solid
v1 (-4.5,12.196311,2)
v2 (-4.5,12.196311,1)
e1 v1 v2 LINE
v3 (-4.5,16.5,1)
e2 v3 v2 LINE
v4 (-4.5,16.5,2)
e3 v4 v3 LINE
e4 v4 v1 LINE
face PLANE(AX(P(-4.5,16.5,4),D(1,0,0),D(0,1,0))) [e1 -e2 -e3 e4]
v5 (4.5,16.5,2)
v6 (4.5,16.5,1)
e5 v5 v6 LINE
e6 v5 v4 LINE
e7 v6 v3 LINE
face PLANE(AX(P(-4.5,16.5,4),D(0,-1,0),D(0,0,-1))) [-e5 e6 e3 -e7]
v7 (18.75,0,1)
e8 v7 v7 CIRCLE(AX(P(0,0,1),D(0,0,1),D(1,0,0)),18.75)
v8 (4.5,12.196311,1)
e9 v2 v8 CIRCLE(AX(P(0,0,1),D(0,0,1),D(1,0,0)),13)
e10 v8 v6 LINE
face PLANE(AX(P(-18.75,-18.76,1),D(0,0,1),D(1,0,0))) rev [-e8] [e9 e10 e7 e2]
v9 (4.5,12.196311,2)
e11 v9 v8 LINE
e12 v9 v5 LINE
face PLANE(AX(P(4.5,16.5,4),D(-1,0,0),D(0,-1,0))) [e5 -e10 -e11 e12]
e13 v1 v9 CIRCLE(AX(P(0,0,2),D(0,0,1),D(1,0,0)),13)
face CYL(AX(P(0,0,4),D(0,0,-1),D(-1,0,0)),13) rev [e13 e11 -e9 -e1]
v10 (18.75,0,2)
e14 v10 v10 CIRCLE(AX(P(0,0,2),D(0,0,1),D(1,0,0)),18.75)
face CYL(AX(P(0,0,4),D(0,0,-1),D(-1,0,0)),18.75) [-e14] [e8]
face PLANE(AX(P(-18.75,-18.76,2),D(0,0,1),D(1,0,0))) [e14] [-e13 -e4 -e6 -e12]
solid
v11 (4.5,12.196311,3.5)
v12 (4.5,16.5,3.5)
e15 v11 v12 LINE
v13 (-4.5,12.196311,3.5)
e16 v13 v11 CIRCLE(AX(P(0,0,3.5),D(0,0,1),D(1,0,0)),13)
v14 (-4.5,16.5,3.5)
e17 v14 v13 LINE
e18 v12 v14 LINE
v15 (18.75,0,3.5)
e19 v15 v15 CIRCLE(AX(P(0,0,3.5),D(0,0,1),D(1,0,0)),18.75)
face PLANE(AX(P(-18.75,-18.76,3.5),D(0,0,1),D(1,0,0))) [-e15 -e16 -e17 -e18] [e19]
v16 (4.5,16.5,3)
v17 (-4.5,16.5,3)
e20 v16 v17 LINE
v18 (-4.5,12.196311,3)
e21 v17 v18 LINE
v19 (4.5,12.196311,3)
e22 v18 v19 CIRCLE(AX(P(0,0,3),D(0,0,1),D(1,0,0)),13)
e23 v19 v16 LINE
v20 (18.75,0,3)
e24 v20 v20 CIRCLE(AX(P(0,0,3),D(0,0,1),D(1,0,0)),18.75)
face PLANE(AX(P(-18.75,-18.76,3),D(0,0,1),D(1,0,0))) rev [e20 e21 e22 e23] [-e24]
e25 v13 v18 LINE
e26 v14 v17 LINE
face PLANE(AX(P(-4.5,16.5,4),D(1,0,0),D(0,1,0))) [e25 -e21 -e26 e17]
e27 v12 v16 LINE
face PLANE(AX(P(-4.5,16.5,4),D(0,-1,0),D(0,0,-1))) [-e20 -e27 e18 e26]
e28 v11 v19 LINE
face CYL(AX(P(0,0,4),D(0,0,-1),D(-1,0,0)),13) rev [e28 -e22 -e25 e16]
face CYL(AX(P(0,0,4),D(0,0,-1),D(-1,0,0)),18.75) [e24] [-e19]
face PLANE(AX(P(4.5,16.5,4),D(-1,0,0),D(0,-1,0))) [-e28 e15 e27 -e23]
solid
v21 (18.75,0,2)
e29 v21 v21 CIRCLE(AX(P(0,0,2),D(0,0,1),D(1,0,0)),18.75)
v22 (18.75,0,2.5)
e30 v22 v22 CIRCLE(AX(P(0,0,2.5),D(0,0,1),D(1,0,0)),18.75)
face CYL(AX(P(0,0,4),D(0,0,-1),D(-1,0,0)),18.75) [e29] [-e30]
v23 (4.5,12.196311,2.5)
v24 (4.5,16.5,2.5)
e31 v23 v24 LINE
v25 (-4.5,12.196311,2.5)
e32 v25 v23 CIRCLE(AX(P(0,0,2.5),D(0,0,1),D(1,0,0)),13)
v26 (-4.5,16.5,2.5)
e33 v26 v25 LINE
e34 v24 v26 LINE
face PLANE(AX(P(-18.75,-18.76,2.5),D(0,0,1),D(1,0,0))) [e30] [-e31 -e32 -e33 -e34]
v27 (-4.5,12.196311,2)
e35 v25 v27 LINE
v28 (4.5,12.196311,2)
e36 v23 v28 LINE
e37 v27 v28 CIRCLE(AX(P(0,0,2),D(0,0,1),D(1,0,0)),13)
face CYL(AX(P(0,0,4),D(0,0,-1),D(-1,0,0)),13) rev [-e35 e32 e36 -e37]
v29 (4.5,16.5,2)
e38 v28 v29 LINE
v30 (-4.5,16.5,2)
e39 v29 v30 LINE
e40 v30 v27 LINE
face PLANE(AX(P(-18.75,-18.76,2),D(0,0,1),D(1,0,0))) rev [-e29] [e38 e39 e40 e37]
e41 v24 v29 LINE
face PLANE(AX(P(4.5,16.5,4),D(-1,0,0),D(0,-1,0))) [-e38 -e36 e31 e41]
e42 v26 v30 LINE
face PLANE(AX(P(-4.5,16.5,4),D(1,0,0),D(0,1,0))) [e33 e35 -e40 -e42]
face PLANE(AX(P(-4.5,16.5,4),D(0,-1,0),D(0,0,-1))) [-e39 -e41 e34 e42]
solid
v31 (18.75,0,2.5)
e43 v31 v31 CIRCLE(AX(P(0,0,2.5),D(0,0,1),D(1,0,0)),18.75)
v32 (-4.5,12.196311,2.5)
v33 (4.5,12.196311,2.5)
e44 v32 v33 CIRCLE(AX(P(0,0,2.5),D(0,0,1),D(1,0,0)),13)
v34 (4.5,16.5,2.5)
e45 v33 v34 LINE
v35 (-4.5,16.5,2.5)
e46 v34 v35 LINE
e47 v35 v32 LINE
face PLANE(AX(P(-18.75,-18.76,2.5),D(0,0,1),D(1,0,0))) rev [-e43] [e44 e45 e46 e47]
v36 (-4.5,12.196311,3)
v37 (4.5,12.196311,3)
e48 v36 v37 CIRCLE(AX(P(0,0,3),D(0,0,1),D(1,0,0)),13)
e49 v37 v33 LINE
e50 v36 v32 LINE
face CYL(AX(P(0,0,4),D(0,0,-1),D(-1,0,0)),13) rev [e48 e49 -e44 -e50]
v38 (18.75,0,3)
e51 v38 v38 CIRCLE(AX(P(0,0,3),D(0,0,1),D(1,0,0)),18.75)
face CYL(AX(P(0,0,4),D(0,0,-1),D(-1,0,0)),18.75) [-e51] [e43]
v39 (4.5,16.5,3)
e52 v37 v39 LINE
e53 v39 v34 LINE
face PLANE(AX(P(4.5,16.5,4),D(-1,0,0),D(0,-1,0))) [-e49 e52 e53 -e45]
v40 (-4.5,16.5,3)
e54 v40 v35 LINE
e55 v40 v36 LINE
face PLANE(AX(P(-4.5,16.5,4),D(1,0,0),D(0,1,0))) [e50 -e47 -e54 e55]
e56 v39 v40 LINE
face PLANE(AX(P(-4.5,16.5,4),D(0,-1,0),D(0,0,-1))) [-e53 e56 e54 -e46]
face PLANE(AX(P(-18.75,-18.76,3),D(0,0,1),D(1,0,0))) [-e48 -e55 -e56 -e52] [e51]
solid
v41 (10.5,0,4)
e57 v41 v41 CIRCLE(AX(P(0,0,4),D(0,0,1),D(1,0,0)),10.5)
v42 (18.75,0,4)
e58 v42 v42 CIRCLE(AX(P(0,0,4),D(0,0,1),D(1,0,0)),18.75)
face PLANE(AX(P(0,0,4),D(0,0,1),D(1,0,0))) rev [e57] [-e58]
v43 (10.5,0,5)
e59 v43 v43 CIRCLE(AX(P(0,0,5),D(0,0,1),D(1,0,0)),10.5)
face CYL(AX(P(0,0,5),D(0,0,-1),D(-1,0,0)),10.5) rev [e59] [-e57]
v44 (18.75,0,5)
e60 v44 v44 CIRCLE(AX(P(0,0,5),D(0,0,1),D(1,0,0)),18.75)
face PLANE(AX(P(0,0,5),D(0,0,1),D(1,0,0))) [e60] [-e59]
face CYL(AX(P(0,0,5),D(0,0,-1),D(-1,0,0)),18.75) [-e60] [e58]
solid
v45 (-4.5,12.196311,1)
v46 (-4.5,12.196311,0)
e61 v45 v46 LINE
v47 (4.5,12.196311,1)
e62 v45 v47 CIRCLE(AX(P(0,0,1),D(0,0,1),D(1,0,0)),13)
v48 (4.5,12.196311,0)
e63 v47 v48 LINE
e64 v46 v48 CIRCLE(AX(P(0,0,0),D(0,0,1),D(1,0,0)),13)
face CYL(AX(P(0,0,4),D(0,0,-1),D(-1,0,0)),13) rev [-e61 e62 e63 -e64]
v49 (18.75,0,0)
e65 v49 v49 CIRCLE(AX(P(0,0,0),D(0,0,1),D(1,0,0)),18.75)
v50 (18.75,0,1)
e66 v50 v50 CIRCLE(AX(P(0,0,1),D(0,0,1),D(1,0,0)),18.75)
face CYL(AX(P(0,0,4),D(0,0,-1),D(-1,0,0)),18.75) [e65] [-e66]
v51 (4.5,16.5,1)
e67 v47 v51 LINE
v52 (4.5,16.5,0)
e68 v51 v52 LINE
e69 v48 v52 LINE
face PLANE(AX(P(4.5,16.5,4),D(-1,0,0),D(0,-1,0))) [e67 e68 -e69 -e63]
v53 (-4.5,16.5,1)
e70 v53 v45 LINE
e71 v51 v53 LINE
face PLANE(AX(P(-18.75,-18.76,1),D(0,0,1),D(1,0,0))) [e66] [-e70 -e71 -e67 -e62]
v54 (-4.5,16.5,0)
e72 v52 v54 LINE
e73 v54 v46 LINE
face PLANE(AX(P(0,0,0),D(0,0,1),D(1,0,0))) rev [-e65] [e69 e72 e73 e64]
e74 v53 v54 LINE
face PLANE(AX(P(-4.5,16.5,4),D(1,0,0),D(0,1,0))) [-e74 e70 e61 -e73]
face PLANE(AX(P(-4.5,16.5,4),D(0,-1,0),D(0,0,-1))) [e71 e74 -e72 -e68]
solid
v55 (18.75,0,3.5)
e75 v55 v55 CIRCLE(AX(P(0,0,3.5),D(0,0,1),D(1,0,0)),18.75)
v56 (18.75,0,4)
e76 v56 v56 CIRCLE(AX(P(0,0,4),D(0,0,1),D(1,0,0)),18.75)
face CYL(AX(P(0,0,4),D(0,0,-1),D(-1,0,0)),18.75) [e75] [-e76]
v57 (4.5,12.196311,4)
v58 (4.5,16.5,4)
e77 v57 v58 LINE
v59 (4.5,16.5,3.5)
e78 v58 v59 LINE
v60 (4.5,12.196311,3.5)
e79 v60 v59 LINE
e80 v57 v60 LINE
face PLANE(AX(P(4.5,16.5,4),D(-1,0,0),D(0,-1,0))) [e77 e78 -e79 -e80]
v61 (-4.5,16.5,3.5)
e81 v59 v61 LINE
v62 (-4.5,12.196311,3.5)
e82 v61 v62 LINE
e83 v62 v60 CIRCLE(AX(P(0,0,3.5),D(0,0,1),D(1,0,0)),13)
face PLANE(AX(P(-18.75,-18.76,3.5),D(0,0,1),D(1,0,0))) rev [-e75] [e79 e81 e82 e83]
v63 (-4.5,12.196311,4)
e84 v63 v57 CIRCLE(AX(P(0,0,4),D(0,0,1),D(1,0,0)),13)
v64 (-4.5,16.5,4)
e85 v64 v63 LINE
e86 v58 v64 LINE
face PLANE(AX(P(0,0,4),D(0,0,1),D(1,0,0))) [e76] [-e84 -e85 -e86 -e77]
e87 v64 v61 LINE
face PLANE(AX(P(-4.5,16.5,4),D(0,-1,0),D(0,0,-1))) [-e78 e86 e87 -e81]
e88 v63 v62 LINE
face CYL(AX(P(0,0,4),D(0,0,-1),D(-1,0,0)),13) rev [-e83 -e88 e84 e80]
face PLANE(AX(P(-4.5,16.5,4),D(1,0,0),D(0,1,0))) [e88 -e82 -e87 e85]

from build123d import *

# Parameters (mm, degrees)
SKETCH_1_R                        = 18.75
EXTRUDE_1_DEPTH                   = 4
SPLIT_BODIES_1_SURFACE_3_1_BACK   = 54.184
SPLIT_BODIES_1_SURFACE_3_1_DEPTH  = 108.368
SPLIT_BODIES_1_SURFACE_3_2_BACK   = 54.184
SPLIT_BODIES_1_SURFACE_3_2_DEPTH  = 108.368
SPLIT_BODIES_1_SURFACE_4_3_BACK   = 54.184
SPLIT_BODIES_1_SURFACE_4_3_DEPTH  = 108.368
SPLIT_BODIES_1_SURFACE_4_4_BACK   = 54.184
SPLIT_BODIES_1_SURFACE_4_4_DEPTH  = 108.368
SPLIT_BODIES_1_SURFACE_5_5_BACK   = 54.184
SPLIT_BODIES_1_SURFACE_5_5_DEPTH  = 108.368
SPLIT_BODIES_1_SURFACE_5_6_BACK   = 54.184
SPLIT_BODIES_1_SURFACE_5_6_DEPTH  = 108.368
SPLIT_BODIES_1_SURFACE_6_7_BACK   = 54.184
SPLIT_BODIES_1_SURFACE_6_7_DEPTH  = 108.368
SPLIT_BODIES_1_SURFACE_6_8_BACK   = 54.184
SPLIT_BODIES_1_SURFACE_6_8_DEPTH  = 108.368
SPLIT_BODIES_1_SURFACE_7_9_BACK   = 54.184
SPLIT_BODIES_1_SURFACE_7_9_DEPTH  = 108.368
SPLIT_BODIES_1_SURFACE_7_10_BACK  = 54.184
SPLIT_BODIES_1_SURFACE_7_10_DEPTH = 108.368
SKETCH_3_R                        = 18.75
SKETCH_3_R_2                      = 10.5
EXTRUDE_2_DEPTH                   = 1


with BuildPart() as part:
    # Эскиз1 → Вытянуть1 (new body)
    with BuildSketch(Plane.XY):
        Circle(SKETCH_1_R)
        with BuildLine():
            Line((-4.5, 16.5), (4.5, 16.5))
            Line((4.5, 16.5), (4.5, 12.196310918))
            ThreePointArc((4.5, 12.196310918), (0, -13), (-4.5, 12.196310918))
            Line((-4.5, 12.196310918), (-4.5, 16.5))
        make_face(mode=Mode.SUBTRACT)
    extrude(amount=EXTRUDE_1_DEPTH)


with BuildPart() as body_2_3:
    # Split Bodies 1 3: the piece behind the surface
    add(part.part)
    # Split Bodies 1 surface 3: a surface, the sketch's curves swept straight by 108.368 mm
    with BuildLine(Plane(origin=(0, 0, 0), x_dir=(1, 0, 0), z_dir=(0, 1, 0)).offset(-SPLIT_BODIES_1_SURFACE_3_1_BACK), mode=Mode.PRIVATE) as split_bodies_1_surface_3_1_path:
        Line((-18.75, -1), (18.75, -1))
    split_bodies_1_surface_3_1 = Shell.extrude(split_bodies_1_surface_3_1_path.wire(), (0 * SPLIT_BODIES_1_SURFACE_3_1_DEPTH, 1 * SPLIT_BODIES_1_SURFACE_3_1_DEPTH, 0 * SPLIT_BODIES_1_SURFACE_3_1_DEPTH))
    split(bisect_by=split_bodies_1_surface_3_1, keep=Keep.BOTTOM)


with BuildPart() as part_1:
    add(part.part)

    # Split Bodies 1 3: split by a surface, the side it looks to stays
    # Split Bodies 1 surface 3: a surface, the sketch's curves swept straight by 108.368 mm
    with BuildLine(Plane(origin=(0, 0, 0), x_dir=(1, 0, 0), z_dir=(0, 1, 0)).offset(-SPLIT_BODIES_1_SURFACE_3_2_BACK), mode=Mode.PRIVATE) as split_bodies_1_surface_3_2_path:
        Line((-18.75, -1), (18.75, -1))
    split_bodies_1_surface_3_2 = Shell.extrude(split_bodies_1_surface_3_2_path.wire(), (0 * SPLIT_BODIES_1_SURFACE_3_2_DEPTH, 1 * SPLIT_BODIES_1_SURFACE_3_2_DEPTH, 0 * SPLIT_BODIES_1_SURFACE_3_2_DEPTH))
    split(bisect_by=split_bodies_1_surface_3_2, keep=Keep.TOP)


with BuildPart() as body_3:
    # Split Bodies 1 4 body 2 3: the piece behind the surface
    add(body_2_3.part)
    # Split Bodies 1 surface 4: a surface, the sketch's curves swept straight by 108.368 mm
    with BuildLine(Plane(origin=(0, 0, 0), x_dir=(1, 0, 0), z_dir=(0, 1, 0)).offset(-SPLIT_BODIES_1_SURFACE_4_3_BACK), mode=Mode.PRIVATE) as split_bodies_1_surface_4_3_path:
        Line((-18.75, -2), (18.75, -2))
    split_bodies_1_surface_4_3 = Shell.extrude(split_bodies_1_surface_4_3_path.wire(), (0 * SPLIT_BODIES_1_SURFACE_4_3_DEPTH, 1 * SPLIT_BODIES_1_SURFACE_4_3_DEPTH, 0 * SPLIT_BODIES_1_SURFACE_4_3_DEPTH))
    split(bisect_by=split_bodies_1_surface_4_3, keep=Keep.BOTTOM)


with BuildPart() as body_2_3_1:
    add(body_2_3.part)

    # Split Bodies 1 4 body 2 3: split by a surface, the side it looks to stays
    # Split Bodies 1 surface 4: a surface, the sketch's curves swept straight by 108.368 mm
    with BuildLine(Plane(origin=(0, 0, 0), x_dir=(1, 0, 0), z_dir=(0, 1, 0)).offset(-SPLIT_BODIES_1_SURFACE_4_4_BACK), mode=Mode.PRIVATE) as split_bodies_1_surface_4_4_path:
        Line((-18.75, -2), (18.75, -2))
    split_bodies_1_surface_4_4 = Shell.extrude(split_bodies_1_surface_4_4_path.wire(), (0 * SPLIT_BODIES_1_SURFACE_4_4_DEPTH, 1 * SPLIT_BODIES_1_SURFACE_4_4_DEPTH, 0 * SPLIT_BODIES_1_SURFACE_4_4_DEPTH))
    split(bisect_by=split_bodies_1_surface_4_4, keep=Keep.TOP)


with BuildPart() as body_4:
    # Split Bodies 1 5 body 3: the piece behind the surface
    add(body_3.part)
    # Split Bodies 1 surface 5: a surface, the sketch's curves swept straight by 108.368 mm
    with BuildLine(Plane(origin=(0, 0, 0), x_dir=(1, 0, 0), z_dir=(0, 1, 0)).offset(-SPLIT_BODIES_1_SURFACE_5_5_BACK), mode=Mode.PRIVATE) as split_bodies_1_surface_5_5_path:
        Line((-18.75, -2.5), (18.75, -2.5))
    split_bodies_1_surface_5_5 = Shell.extrude(split_bodies_1_surface_5_5_path.wire(), (0 * SPLIT_BODIES_1_SURFACE_5_5_DEPTH, 1 * SPLIT_BODIES_1_SURFACE_5_5_DEPTH, 0 * SPLIT_BODIES_1_SURFACE_5_5_DEPTH))
    split(bisect_by=split_bodies_1_surface_5_5, keep=Keep.BOTTOM)


with BuildPart() as body_3_1:
    add(body_3.part)

    # Split Bodies 1 5 body 3: split by a surface, the side it looks to stays
    # Split Bodies 1 surface 5: a surface, the sketch's curves swept straight by 108.368 mm
    with BuildLine(Plane(origin=(0, 0, 0), x_dir=(1, 0, 0), z_dir=(0, 1, 0)).offset(-SPLIT_BODIES_1_SURFACE_5_6_BACK), mode=Mode.PRIVATE) as split_bodies_1_surface_5_6_path:
        Line((-18.75, -2.5), (18.75, -2.5))
    split_bodies_1_surface_5_6 = Shell.extrude(split_bodies_1_surface_5_6_path.wire(), (0 * SPLIT_BODIES_1_SURFACE_5_6_DEPTH, 1 * SPLIT_BODIES_1_SURFACE_5_6_DEPTH, 0 * SPLIT_BODIES_1_SURFACE_5_6_DEPTH))
    split(bisect_by=split_bodies_1_surface_5_6, keep=Keep.TOP)


with BuildPart() as body_5:
    # Split Bodies 1 6 body 4: the piece behind the surface
    add(body_4.part)
    # Split Bodies 1 surface 6: a surface, the sketch's curves swept straight by 108.368 mm
    with BuildLine(Plane(origin=(0, 0, 0), x_dir=(1, 0, 0), z_dir=(0, 1, 0)).offset(-SPLIT_BODIES_1_SURFACE_6_7_BACK), mode=Mode.PRIVATE) as split_bodies_1_surface_6_7_path:
        Line((-18.75, -3), (18.75, -3))
    split_bodies_1_surface_6_7 = Shell.extrude(split_bodies_1_surface_6_7_path.wire(), (0 * SPLIT_BODIES_1_SURFACE_6_7_DEPTH, 1 * SPLIT_BODIES_1_SURFACE_6_7_DEPTH, 0 * SPLIT_BODIES_1_SURFACE_6_7_DEPTH))
    split(bisect_by=split_bodies_1_surface_6_7, keep=Keep.BOTTOM)


with BuildPart() as body_4_1:
    add(body_4.part)

    # Split Bodies 1 6 body 4: split by a surface, the side it looks to stays
    # Split Bodies 1 surface 6: a surface, the sketch's curves swept straight by 108.368 mm
    with BuildLine(Plane(origin=(0, 0, 0), x_dir=(1, 0, 0), z_dir=(0, 1, 0)).offset(-SPLIT_BODIES_1_SURFACE_6_8_BACK), mode=Mode.PRIVATE) as split_bodies_1_surface_6_8_path:
        Line((-18.75, -3), (18.75, -3))
    split_bodies_1_surface_6_8 = Shell.extrude(split_bodies_1_surface_6_8_path.wire(), (0 * SPLIT_BODIES_1_SURFACE_6_8_DEPTH, 1 * SPLIT_BODIES_1_SURFACE_6_8_DEPTH, 0 * SPLIT_BODIES_1_SURFACE_6_8_DEPTH))
    split(bisect_by=split_bodies_1_surface_6_8, keep=Keep.TOP)


with BuildPart() as body_6:
    # Split Bodies 1 7 body 5: the piece behind the surface
    add(body_5.part)
    # Split Bodies 1 surface 7: a surface, the sketch's curves swept straight by 108.368 mm
    with BuildLine(Plane(origin=(0, 0, 0), x_dir=(1, 0, 0), z_dir=(0, 1, 0)).offset(-SPLIT_BODIES_1_SURFACE_7_9_BACK), mode=Mode.PRIVATE) as split_bodies_1_surface_7_9_path:
        Line((-18.75, -3.5), (18.75, -3.5))
    split_bodies_1_surface_7_9 = Shell.extrude(split_bodies_1_surface_7_9_path.wire(), (0 * SPLIT_BODIES_1_SURFACE_7_9_DEPTH, 1 * SPLIT_BODIES_1_SURFACE_7_9_DEPTH, 0 * SPLIT_BODIES_1_SURFACE_7_9_DEPTH))
    split(bisect_by=split_bodies_1_surface_7_9, keep=Keep.BOTTOM)


with BuildPart() as body_5_1:
    add(body_5.part)

    # Split Bodies 1 7 body 5: split by a surface, the side it looks to stays
    # Split Bodies 1 surface 7: a surface, the sketch's curves swept straight by 108.368 mm
    with BuildLine(Plane(origin=(0, 0, 0), x_dir=(1, 0, 0), z_dir=(0, 1, 0)).offset(-SPLIT_BODIES_1_SURFACE_7_10_BACK), mode=Mode.PRIVATE) as split_bodies_1_surface_7_10_path:
        Line((-18.75, -3.5), (18.75, -3.5))
    split_bodies_1_surface_7_10 = Shell.extrude(split_bodies_1_surface_7_10_path.wire(), (0 * SPLIT_BODIES_1_SURFACE_7_10_DEPTH, 1 * SPLIT_BODIES_1_SURFACE_7_10_DEPTH, 0 * SPLIT_BODIES_1_SURFACE_7_10_DEPTH))
    split(bisect_by=split_bodies_1_surface_7_10, keep=Keep.TOP)


with BuildPart() as body_7:
    # Эскиз3 → Вытянуть2 (new body)
    with BuildSketch(Plane.XY.offset(4)):
        Circle(SKETCH_3_R)
        Circle(SKETCH_3_R_2, mode=Mode.SUBTRACT)
    extrude(amount=EXTRUDE_2_DEPTH)


solid = Compound([part_1.part, body_2_3_1.part, body_3_1.part, body_4_1.part, body_6.part, body_5_1.part, body_7.part])
